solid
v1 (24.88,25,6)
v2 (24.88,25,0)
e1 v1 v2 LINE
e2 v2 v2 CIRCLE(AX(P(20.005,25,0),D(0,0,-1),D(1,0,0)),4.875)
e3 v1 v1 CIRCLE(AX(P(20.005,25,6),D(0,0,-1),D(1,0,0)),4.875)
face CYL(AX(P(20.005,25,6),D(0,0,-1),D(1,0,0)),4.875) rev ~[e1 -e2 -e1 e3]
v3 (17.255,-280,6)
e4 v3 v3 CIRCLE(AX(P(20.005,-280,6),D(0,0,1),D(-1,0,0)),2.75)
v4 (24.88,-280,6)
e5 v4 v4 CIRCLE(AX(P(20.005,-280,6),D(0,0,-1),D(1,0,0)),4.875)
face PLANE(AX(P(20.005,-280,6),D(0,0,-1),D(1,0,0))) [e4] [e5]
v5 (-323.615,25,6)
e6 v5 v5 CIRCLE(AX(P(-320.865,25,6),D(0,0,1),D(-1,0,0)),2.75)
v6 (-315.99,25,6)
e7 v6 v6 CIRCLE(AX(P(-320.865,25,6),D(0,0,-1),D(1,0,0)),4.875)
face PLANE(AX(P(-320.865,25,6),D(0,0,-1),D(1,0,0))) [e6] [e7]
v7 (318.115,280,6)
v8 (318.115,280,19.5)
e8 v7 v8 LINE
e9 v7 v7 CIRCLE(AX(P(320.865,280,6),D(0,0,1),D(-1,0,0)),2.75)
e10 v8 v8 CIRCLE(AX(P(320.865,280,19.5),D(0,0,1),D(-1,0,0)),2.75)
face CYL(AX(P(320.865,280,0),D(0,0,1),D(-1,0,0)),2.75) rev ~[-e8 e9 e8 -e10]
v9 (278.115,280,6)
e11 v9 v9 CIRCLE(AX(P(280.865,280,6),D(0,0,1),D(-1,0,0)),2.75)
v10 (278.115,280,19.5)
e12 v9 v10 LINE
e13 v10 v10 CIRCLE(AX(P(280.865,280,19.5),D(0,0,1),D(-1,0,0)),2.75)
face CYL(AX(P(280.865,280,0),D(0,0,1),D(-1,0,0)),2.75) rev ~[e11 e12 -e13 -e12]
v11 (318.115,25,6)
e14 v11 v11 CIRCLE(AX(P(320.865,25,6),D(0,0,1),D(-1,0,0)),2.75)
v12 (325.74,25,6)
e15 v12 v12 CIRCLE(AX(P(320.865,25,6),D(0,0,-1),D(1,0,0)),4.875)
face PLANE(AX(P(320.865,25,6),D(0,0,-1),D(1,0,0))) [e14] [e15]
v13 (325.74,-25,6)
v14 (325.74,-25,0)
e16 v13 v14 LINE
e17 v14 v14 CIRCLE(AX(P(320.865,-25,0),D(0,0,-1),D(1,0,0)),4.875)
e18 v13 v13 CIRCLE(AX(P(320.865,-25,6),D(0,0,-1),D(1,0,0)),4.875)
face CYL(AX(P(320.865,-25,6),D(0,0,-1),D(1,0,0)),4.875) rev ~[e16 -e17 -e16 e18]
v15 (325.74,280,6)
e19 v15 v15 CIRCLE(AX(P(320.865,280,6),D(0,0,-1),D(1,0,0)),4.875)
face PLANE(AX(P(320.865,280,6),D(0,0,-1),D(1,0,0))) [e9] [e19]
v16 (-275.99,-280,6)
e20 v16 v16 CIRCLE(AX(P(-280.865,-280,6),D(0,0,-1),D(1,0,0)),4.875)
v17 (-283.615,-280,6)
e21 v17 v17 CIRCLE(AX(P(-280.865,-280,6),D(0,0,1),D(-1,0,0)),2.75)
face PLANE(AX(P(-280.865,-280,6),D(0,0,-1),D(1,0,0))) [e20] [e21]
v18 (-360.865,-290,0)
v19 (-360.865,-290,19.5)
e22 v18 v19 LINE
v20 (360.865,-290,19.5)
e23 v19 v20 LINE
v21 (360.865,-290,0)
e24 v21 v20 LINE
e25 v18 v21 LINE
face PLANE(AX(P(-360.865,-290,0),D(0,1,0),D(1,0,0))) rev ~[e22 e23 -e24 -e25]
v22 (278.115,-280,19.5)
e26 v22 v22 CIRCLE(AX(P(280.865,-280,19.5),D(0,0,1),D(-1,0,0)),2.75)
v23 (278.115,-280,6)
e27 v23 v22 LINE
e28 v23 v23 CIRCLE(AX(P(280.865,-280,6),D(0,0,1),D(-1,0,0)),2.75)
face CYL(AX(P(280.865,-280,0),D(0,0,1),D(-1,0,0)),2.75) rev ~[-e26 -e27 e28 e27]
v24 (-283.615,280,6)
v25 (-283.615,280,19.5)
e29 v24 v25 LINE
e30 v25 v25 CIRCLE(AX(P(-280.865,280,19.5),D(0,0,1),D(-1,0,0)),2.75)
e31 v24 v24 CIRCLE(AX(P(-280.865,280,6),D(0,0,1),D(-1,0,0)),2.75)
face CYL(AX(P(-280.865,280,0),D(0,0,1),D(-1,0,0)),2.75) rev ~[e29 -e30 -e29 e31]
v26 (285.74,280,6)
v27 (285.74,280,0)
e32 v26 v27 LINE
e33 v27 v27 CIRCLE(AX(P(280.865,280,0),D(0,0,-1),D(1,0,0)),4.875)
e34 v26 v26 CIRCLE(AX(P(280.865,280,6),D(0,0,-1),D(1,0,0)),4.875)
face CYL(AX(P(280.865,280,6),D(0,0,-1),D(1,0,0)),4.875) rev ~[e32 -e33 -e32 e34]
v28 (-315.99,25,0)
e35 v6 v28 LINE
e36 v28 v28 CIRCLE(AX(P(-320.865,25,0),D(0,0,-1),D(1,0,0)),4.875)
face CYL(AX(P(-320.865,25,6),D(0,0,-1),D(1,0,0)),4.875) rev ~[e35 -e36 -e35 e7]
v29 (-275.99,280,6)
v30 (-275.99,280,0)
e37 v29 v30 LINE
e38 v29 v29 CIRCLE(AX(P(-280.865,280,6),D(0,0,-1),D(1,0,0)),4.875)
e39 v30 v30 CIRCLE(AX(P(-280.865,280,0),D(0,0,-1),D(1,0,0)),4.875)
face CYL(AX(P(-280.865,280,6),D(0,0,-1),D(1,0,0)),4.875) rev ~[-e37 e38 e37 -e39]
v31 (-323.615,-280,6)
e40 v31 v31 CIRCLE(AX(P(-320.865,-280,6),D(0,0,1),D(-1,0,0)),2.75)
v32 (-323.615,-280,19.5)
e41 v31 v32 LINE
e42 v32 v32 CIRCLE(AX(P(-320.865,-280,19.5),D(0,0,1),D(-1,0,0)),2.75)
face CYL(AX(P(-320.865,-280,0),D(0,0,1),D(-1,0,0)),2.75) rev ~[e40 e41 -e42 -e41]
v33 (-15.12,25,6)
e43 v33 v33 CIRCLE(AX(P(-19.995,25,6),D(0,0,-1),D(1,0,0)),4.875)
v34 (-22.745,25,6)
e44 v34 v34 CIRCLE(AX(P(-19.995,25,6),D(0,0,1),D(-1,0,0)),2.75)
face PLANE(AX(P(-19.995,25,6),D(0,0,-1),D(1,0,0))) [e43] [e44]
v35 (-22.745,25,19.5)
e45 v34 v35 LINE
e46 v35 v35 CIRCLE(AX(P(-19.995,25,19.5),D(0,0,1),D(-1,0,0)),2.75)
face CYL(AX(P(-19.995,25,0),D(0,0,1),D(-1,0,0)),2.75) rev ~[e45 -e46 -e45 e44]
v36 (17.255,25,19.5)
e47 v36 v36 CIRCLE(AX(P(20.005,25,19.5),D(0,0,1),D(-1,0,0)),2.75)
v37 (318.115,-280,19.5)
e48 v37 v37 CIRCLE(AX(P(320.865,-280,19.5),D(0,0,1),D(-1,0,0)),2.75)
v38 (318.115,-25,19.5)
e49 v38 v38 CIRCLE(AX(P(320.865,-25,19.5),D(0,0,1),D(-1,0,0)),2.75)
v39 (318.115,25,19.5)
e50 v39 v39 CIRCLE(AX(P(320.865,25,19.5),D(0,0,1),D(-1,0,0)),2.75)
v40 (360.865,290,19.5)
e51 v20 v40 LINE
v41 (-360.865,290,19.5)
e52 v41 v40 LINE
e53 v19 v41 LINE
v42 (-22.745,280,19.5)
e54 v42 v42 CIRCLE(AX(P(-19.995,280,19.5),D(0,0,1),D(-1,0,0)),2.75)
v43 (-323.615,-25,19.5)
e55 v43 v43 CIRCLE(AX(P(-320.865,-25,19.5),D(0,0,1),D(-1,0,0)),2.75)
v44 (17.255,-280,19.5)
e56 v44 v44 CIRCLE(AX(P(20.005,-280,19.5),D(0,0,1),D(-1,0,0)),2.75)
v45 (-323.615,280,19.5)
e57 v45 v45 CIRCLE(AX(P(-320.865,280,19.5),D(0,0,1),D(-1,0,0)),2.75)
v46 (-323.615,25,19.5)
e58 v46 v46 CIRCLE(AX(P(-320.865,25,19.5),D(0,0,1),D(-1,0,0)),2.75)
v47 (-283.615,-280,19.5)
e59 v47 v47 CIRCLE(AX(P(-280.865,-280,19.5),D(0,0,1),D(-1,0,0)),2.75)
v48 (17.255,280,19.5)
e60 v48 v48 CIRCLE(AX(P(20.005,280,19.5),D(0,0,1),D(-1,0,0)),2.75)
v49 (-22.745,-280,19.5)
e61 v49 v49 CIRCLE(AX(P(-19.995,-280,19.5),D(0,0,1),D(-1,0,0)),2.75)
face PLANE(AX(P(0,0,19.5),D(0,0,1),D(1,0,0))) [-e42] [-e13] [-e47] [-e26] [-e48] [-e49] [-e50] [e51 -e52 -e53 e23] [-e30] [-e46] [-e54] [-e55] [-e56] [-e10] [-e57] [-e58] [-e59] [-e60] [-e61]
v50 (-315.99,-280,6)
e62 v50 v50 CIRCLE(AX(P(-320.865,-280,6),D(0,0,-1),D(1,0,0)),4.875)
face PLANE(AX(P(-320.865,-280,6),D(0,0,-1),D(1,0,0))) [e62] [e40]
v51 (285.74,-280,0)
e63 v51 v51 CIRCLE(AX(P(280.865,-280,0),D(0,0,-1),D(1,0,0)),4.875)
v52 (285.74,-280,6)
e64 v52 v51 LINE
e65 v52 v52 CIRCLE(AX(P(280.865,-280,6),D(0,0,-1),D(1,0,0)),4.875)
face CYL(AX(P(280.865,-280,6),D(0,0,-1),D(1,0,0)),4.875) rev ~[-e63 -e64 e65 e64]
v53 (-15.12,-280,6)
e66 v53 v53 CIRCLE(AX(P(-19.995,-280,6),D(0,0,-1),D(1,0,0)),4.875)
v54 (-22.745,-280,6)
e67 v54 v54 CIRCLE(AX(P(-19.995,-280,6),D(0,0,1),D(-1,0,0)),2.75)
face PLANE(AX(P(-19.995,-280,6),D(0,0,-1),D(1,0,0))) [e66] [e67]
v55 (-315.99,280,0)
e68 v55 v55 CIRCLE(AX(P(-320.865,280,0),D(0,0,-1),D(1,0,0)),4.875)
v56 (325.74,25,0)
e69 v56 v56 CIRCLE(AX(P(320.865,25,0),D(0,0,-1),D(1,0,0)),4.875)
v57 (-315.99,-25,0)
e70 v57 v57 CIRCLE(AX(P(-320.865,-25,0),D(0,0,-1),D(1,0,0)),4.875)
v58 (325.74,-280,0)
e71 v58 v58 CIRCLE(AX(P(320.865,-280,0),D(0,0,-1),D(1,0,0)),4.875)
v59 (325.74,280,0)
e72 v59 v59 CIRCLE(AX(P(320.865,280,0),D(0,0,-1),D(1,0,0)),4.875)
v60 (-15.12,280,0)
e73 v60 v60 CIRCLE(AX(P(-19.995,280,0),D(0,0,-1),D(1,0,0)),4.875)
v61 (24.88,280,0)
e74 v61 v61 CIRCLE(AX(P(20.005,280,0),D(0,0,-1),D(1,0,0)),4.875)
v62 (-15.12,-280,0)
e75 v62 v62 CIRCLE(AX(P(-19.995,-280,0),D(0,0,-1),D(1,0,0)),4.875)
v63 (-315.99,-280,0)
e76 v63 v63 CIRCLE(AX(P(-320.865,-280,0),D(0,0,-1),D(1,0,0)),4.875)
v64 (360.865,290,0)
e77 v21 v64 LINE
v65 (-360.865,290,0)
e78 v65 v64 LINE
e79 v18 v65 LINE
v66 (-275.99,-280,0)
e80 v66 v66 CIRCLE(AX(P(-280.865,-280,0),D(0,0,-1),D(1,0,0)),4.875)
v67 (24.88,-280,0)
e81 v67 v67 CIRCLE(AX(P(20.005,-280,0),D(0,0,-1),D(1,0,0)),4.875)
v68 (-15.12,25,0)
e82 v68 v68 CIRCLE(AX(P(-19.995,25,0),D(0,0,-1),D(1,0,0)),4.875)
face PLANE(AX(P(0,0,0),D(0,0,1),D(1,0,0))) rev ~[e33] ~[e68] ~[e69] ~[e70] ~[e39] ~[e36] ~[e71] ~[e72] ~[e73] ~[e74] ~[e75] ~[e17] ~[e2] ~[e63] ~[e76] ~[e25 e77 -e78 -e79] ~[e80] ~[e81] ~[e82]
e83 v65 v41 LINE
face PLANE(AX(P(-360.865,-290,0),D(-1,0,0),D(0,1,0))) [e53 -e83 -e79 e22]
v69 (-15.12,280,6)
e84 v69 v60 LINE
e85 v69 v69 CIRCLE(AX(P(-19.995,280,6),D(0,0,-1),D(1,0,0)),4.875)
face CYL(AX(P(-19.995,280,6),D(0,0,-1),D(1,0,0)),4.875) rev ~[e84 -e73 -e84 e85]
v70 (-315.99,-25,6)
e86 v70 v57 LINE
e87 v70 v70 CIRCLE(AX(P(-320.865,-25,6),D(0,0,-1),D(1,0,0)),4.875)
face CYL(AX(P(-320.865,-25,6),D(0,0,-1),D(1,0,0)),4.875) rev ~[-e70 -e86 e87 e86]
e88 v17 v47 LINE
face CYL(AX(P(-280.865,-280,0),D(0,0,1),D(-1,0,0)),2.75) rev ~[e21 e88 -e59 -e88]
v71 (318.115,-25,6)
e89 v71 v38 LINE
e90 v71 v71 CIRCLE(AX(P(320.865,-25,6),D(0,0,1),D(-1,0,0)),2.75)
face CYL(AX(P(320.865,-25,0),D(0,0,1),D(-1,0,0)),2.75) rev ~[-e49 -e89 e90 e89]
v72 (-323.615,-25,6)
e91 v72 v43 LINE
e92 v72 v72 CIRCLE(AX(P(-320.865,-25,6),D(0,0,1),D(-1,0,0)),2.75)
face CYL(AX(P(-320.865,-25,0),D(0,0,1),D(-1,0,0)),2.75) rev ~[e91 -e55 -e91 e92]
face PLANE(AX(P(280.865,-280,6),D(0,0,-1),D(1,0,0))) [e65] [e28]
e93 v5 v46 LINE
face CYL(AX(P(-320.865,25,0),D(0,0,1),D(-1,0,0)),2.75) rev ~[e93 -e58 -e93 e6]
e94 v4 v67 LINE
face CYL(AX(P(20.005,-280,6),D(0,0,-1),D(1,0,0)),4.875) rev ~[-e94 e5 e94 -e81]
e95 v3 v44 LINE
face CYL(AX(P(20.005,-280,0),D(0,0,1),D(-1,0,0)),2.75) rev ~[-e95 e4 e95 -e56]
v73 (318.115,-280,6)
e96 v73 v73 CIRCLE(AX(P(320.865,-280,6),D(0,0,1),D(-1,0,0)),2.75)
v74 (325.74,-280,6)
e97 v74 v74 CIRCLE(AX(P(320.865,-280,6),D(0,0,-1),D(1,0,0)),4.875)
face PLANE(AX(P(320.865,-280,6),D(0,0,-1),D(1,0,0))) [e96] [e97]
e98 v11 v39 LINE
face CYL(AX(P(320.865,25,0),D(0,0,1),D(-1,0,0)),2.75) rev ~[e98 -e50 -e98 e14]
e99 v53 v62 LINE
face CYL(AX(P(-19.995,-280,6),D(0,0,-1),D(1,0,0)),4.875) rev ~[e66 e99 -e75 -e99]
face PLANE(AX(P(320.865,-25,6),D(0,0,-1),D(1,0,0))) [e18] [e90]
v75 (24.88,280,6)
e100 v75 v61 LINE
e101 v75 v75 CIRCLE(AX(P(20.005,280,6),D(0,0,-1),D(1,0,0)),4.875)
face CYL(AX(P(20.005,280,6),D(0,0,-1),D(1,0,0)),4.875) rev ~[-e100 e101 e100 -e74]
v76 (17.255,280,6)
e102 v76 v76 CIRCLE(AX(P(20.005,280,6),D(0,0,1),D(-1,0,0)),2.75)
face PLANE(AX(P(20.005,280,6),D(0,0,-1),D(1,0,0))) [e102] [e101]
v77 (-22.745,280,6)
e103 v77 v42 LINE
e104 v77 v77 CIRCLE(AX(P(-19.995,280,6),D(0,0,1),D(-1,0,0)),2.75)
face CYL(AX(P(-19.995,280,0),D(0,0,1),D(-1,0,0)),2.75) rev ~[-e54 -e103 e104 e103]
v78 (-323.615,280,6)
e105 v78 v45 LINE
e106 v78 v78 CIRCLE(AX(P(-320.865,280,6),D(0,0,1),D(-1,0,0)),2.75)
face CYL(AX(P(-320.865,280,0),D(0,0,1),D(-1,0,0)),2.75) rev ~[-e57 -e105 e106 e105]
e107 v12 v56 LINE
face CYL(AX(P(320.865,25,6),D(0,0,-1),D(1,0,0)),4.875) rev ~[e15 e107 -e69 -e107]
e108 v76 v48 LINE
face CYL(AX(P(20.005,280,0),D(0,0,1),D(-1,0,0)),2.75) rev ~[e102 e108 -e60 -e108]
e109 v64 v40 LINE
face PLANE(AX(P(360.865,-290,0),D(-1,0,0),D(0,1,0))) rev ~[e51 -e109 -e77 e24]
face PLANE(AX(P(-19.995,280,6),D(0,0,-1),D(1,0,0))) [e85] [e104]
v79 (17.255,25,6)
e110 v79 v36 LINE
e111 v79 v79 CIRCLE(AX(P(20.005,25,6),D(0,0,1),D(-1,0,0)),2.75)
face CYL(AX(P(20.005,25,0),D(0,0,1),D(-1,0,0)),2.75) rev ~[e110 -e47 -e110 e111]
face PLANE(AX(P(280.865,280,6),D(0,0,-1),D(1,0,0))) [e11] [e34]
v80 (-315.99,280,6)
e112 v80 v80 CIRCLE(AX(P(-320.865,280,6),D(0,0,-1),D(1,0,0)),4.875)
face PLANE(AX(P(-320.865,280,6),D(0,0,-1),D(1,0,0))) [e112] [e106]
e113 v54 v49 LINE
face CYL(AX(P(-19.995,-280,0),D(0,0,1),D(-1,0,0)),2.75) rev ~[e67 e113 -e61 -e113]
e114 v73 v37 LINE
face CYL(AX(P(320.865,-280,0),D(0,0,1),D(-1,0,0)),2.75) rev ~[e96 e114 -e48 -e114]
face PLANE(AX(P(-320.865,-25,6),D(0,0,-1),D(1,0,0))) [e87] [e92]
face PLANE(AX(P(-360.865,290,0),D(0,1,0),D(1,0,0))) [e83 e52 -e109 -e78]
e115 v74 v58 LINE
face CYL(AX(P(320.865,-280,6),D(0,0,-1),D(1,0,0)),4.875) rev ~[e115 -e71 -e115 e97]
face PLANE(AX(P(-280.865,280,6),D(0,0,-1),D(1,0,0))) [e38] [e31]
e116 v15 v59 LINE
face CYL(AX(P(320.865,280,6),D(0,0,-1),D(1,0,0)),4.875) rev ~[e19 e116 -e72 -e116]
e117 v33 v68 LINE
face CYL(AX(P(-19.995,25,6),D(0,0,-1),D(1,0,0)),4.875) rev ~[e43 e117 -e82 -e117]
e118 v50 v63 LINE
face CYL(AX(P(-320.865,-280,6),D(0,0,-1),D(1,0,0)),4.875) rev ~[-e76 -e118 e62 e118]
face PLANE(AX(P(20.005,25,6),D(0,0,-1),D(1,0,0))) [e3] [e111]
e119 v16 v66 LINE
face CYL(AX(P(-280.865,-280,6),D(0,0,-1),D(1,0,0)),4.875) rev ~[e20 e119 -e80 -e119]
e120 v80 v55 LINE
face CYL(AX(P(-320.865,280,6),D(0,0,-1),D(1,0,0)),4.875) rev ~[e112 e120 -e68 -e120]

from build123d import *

# Parameters (mm, degrees)
F0_W           = 721.73
F0_H           = 580
F1_DEPTH       = 19.5
F2_D           = 5.5
F2_CBORE_D     = 9.75
F2_CBORE_DEPTH = 6


with BuildPart() as f1:
    # F0 (on Top) → F1 (new body)
    with BuildSketch(Plane.XY):
        Rectangle(F0_W, F0_H)
    extrude(amount=F1_DEPTH)

    # F2 (through all)
    with Locations(Plane(origin=(0, 0, 0), x_dir=(1, 0, 0), z_dir=(0, 0, -1))):
        with Locations((-320.865, -280), (-19.995, -280), (20.005, -280), (320.865, -280), (320.865, -25), (320.865, 25), (320.865, 280), (20.005, 280), (-19.995, 280), (-320.865, 280), (-320.865, 25), (-320.865, -25), (-19.995, -25), (20.005, -25), (-280.865, 280), (-280.865, -280), (280.865, -280), (280.865, 280)):
            CounterBoreHole(F2_D / 2, F2_CBORE_D / 2, F2_CBORE_DEPTH)


solid = f1.part
